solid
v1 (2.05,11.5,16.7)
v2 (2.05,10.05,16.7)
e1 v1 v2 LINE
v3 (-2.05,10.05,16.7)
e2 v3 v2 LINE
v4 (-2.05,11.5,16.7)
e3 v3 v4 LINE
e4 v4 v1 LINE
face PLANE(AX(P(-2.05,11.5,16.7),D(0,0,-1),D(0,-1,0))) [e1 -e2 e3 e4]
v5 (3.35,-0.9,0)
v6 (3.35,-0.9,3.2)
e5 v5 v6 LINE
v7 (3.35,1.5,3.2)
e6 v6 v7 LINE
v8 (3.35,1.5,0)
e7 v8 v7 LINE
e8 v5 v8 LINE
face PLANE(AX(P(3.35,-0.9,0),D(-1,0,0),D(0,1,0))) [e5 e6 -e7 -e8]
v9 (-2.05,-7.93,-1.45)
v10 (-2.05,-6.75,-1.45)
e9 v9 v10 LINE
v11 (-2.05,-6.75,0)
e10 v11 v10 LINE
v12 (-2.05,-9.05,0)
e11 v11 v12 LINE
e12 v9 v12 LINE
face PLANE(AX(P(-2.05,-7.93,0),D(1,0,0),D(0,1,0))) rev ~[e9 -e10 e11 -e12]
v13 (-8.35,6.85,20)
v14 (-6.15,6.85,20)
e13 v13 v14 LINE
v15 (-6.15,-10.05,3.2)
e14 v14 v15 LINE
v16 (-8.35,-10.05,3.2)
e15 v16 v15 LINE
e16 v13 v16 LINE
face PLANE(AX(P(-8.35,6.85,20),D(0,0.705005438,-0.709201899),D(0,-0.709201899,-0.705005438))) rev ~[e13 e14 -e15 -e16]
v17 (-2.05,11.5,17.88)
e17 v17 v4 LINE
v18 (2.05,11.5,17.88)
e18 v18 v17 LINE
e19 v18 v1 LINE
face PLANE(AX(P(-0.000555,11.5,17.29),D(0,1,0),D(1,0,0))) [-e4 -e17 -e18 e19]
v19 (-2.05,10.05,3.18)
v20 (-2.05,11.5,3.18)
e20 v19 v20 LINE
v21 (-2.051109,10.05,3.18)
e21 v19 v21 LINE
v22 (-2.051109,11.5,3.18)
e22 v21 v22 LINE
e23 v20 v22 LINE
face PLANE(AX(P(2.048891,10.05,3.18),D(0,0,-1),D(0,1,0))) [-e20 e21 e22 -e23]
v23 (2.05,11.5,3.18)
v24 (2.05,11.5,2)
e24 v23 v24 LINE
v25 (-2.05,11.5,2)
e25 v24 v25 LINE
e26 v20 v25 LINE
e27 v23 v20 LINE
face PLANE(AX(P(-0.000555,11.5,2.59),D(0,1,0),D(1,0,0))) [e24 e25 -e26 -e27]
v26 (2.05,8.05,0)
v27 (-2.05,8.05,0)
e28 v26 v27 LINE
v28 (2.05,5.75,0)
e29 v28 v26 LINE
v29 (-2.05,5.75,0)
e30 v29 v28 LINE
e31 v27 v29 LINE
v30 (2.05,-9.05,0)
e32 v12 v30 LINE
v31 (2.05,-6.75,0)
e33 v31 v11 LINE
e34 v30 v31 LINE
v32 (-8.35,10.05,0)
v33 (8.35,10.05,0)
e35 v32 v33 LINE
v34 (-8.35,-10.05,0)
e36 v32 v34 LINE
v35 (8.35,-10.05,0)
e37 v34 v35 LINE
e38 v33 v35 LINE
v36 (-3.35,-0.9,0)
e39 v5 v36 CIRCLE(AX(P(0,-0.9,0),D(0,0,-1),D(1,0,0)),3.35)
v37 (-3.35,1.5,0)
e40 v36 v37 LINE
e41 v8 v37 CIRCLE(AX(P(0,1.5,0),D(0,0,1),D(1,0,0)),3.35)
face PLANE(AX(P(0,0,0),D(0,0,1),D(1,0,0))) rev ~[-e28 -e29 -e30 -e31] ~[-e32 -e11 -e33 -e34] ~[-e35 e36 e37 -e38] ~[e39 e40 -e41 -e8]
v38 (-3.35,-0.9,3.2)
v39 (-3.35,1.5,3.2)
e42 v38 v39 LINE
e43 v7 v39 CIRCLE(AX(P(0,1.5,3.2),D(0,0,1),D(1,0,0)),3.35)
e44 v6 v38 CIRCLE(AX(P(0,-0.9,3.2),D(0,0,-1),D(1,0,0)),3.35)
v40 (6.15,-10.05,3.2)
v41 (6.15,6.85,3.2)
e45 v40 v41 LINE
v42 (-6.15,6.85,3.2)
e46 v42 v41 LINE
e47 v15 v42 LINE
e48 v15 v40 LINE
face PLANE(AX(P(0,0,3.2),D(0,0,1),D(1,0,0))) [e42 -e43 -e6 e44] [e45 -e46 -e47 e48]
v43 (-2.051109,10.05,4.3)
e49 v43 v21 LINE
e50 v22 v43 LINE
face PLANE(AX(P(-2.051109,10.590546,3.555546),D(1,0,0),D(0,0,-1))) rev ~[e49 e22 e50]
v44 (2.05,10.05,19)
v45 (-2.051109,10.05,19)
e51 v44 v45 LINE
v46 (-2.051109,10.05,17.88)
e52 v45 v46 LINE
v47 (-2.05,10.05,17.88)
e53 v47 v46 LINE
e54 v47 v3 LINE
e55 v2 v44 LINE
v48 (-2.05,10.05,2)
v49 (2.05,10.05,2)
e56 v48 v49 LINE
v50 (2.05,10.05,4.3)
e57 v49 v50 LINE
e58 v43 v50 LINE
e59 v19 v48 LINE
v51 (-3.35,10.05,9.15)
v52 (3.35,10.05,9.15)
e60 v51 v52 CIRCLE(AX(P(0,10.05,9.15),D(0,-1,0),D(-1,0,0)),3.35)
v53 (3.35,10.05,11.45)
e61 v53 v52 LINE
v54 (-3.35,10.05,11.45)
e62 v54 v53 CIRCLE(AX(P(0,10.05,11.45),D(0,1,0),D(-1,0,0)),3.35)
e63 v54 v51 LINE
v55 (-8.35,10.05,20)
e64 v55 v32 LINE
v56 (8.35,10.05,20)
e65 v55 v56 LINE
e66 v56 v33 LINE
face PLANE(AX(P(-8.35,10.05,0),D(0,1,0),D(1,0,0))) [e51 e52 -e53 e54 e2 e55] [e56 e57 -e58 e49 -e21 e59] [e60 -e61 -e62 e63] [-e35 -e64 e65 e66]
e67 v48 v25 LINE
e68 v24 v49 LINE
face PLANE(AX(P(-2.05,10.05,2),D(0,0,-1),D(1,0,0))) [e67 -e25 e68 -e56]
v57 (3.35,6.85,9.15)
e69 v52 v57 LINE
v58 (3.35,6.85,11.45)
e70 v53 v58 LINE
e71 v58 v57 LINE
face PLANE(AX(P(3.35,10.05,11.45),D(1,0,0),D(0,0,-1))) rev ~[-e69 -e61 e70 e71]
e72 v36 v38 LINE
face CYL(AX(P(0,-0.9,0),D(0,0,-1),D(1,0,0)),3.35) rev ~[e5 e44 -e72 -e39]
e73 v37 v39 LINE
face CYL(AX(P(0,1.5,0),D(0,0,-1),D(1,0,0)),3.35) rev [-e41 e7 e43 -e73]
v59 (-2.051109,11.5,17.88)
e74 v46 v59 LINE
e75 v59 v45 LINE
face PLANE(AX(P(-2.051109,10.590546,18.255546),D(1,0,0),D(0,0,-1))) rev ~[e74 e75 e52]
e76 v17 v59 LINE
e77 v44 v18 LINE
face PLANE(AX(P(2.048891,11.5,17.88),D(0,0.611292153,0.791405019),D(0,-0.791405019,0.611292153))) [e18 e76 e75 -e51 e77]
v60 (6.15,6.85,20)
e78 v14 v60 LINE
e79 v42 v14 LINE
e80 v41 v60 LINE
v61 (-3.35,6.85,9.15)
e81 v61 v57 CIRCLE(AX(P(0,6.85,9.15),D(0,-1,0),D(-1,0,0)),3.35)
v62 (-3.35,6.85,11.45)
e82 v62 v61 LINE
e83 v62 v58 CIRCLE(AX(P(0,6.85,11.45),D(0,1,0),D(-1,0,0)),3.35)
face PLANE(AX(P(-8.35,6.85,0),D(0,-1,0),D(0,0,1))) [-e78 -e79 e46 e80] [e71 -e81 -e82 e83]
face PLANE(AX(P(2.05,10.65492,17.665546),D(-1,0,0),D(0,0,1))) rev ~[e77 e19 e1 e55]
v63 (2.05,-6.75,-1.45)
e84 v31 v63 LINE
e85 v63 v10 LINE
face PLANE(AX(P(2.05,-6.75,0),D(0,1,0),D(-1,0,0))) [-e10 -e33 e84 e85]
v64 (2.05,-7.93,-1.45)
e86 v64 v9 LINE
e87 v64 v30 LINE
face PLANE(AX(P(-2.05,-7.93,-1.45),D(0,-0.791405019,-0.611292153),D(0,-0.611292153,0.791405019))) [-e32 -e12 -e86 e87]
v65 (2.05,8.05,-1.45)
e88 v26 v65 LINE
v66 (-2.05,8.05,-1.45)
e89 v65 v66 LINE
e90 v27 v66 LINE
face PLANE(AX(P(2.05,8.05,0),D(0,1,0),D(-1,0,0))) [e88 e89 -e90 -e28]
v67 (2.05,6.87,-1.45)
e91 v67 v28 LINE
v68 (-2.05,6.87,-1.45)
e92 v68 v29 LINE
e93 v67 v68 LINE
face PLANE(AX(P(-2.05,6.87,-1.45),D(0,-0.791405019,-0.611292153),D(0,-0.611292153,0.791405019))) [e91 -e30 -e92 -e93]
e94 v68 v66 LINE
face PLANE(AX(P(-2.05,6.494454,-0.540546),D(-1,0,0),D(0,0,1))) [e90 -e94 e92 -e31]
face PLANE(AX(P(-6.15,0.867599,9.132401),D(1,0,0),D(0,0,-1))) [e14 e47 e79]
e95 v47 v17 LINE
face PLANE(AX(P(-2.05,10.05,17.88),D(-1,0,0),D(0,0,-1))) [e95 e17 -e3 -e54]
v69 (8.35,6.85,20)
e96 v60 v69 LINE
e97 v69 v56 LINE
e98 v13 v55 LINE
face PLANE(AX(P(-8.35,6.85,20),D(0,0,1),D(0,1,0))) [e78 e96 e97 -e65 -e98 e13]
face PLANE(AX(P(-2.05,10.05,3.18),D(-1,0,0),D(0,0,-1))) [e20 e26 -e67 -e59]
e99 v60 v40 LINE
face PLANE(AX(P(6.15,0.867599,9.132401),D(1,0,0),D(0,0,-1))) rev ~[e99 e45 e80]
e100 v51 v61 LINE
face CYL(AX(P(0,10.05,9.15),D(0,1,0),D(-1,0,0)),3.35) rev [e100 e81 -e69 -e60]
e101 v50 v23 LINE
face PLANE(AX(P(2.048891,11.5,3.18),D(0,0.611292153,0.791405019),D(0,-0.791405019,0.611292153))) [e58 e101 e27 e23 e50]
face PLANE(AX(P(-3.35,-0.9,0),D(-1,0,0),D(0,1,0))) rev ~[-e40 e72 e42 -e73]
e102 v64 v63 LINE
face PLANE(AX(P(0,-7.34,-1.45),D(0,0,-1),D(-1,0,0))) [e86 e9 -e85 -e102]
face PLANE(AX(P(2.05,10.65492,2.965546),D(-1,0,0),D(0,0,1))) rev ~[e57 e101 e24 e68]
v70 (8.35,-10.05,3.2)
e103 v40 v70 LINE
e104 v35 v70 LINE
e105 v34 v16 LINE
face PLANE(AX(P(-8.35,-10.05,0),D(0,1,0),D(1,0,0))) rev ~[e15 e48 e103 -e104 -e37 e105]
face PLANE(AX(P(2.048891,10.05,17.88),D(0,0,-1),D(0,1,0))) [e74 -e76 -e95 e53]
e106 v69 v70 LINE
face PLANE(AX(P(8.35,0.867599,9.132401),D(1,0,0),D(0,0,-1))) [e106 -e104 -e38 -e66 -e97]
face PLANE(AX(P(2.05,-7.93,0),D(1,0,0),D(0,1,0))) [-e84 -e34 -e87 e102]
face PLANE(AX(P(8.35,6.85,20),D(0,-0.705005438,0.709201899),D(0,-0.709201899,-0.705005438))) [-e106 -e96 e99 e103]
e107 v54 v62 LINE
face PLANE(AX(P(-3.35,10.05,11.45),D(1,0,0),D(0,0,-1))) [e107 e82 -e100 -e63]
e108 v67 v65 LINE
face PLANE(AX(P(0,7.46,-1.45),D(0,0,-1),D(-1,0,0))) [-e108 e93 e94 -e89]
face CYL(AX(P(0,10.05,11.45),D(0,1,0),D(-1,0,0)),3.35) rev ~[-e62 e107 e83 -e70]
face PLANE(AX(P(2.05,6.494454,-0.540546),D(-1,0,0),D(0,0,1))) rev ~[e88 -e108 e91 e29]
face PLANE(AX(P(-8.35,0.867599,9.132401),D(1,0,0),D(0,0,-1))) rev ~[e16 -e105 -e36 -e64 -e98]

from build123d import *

# Parameters (mm, degrees)
CROQUIS1_W               = 16.7
CROQUIS1_H               = 20.1
SALIENTE_EXTRUIR1_DEPTH  = 3.2
CROQUIS2_W               = 20
CROQUIS2_H               = 3.2
SALIENTE_EXTRUIR2_DEPTH  = 16.7
SALIENTE_EXTRUIR3_DEPTH  = 2.2
SALIENTE_EXTRUIR4_DEPTH  = 2.2
CROQUIS5_W               = 6.7
CROQUIS5_H               = 2.4
CORTAR_EXTRUIR1_DEPTH    = 3.2
CROQUIS6_W               = 6.7
CROQUIS6_H               = 2.3
CORTAR_EXTRUIR2_DEPTH    = 3.2
CROQUIS7_W               = 4.1
CROQUIS7_H               = 1.18
SALIENTE_EXTRUIR9_DEPTH  = 1.45
SALIENTE_EXTRUIR10_DEPTH = 4.1
CROQUIS10_W              = 4.098890586
CROQUIS10_H              = 1.18
SALIENTE_EXTRUIR13_DEPTH = 1.45
SALIENTE_EXTRUIR14_DEPTH = 4.1
SALIENTE_EXTRUIR16_DEPTH = 4.1


with BuildPart() as part:
    # Croquis1 → Saliente-Extruir1 (new body)
    with BuildSketch(Plane.XY):
        Rectangle(CROQUIS1_W, CROQUIS1_H)
    extrude(amount=SALIENTE_EXTRUIR1_DEPTH)

    # Croquis2 → Saliente-Extruir2 (add)
    with BuildSketch(Plane.ZY.offset(8.35)):
        with Locations((10, 8.45)):
            Rectangle(CROQUIS2_W, CROQUIS2_H)
    extrude(amount=-SALIENTE_EXTRUIR2_DEPTH)

    # Croquis3 → Saliente-Extruir3 (add)
    with BuildSketch(Plane.ZY.offset(8.35)):
        Polygon((20, 6.85), (3.2, -10.05), (3.2, 6.85), align=None)
    extrude(amount=-SALIENTE_EXTRUIR3_DEPTH)

    # Croquis4 → Saliente-Extruir4 (add)
    with BuildSketch(Plane(origin=(8.35, 0, 0), x_dir=(0, 0, -1), z_dir=(1, 0, 0))):
        Polygon((-20, 6.85), (-3.2, -10.05), (-3.2, 6.85), align=None)
    extrude(amount=-SALIENTE_EXTRUIR4_DEPTH)

    # Croquis5 → Cortar-Extruir1 (cut)
    with BuildSketch(Plane(origin=(0, 0, 0), x_dir=(-1, 0, 0), z_dir=(0, 0, -1))):
        with BuildLine():
            ThreePointArc((-3.35, 1.5), (0, 4.85), (3.35, 1.5))
            Line((3.35, 1.5), (-3.35, 1.5))
        make_face()
        with Locations((0, 0.3)):
            Rectangle(CROQUIS5_W, CROQUIS5_H)
        with BuildLine():
            Line((3.35, -0.9), (-3.35, -0.9))
            ThreePointArc((-3.35, -0.9), (0, -4.25), (3.35, -0.9))
        make_face()
    extrude(amount=-CORTAR_EXTRUIR1_DEPTH, mode=Mode.SUBTRACT)

    # Croquis6 → Cortar-Extruir2 (cut)
    with BuildSketch(Plane(origin=(0, 10.05, 0), x_dir=(1, 0, 0), z_dir=(0, 1, 0))):
        with BuildLine():
            ThreePointArc((-3.35, -9.15), (0, -5.8), (3.35, -9.15))
            Line((3.35, -9.15), (-3.35, -9.15))
        make_face()
        with Locations((0, -10.3)):
            Rectangle(CROQUIS6_W, CROQUIS6_H)
        with BuildLine():
            Line((3.35, -11.45), (-3.35, -11.45))
            ThreePointArc((-3.35, -11.45), (0, -14.8), (3.35, -11.45))
        make_face()
    extrude(amount=-CORTAR_EXTRUIR2_DEPTH, mode=Mode.SUBTRACT)

    # Croquis7 → Saliente-Extruir9 (add)
    with BuildSketch(Plane(origin=(0, 0, 0), x_dir=(-1, 0, 0), z_dir=(0, 0, -1))):
        with Locations((0, 7.46)):
            Rectangle(CROQUIS7_W, CROQUIS7_H)
        with Locations((0, -7.34)):
            Rectangle(CROQUIS7_W, CROQUIS7_H)
    extrude(amount=SALIENTE_EXTRUIR9_DEPTH)

    # Croquis9 → Saliente-Extruir10 (add)
    with BuildSketch(Plane.ZY.offset(2.05)):
        Polygon((-1.45, 6.87), (0, 5.75), (0, 6.87), align=None)
        Polygon((-1.45, -7.93), (0, -9.05), (0, -7.93), align=None)
    extrude(amount=-SALIENTE_EXTRUIR10_DEPTH)

    # Croquis10 → Saliente-Extruir13 (add)
    with BuildSketch(Plane(origin=(0, 10.05, 0), x_dir=(1, 0, 0), z_dir=(0, 1, 0))):
        with Locations((-0.000554707, -2.59)):
            Rectangle(CROQUIS10_W, CROQUIS10_H)
        with Locations((-0.000554707, -17.29)):
            Rectangle(CROQUIS10_W, CROQUIS10_H)
    extrude(amount=SALIENTE_EXTRUIR13_DEPTH)

    # Croquis12 → Saliente-Extruir14 (add)
    with BuildSketch(Plane(origin=(2.048890586, 0, 0), x_dir=(0, 0, -1), z_dir=(1, 0, 0))):
        Polygon((-17.88, 11.5), (-19, 10.05), (-17.88, 10.05), align=None)
        Polygon((-3.18, 11.5), (-4.3, 10.05), (-3.18, 10.05), align=None)
    extrude(amount=-SALIENTE_EXTRUIR14_DEPTH)

    # Croquis13 → Saliente-Extruir16 (add)
    with BuildSketch(Plane.ZY.offset(2.05)):
        Polygon((2, 11.5), (2, 10.05), (4.3, 10.05), (3.18, 11.5), align=None)
        Polygon((16.7, 11.5), (16.7, 10.05), (19, 10.05), (17.88, 11.5), align=None)
    extrude(amount=-SALIENTE_EXTRUIR16_DEPTH)


solid = part.part
